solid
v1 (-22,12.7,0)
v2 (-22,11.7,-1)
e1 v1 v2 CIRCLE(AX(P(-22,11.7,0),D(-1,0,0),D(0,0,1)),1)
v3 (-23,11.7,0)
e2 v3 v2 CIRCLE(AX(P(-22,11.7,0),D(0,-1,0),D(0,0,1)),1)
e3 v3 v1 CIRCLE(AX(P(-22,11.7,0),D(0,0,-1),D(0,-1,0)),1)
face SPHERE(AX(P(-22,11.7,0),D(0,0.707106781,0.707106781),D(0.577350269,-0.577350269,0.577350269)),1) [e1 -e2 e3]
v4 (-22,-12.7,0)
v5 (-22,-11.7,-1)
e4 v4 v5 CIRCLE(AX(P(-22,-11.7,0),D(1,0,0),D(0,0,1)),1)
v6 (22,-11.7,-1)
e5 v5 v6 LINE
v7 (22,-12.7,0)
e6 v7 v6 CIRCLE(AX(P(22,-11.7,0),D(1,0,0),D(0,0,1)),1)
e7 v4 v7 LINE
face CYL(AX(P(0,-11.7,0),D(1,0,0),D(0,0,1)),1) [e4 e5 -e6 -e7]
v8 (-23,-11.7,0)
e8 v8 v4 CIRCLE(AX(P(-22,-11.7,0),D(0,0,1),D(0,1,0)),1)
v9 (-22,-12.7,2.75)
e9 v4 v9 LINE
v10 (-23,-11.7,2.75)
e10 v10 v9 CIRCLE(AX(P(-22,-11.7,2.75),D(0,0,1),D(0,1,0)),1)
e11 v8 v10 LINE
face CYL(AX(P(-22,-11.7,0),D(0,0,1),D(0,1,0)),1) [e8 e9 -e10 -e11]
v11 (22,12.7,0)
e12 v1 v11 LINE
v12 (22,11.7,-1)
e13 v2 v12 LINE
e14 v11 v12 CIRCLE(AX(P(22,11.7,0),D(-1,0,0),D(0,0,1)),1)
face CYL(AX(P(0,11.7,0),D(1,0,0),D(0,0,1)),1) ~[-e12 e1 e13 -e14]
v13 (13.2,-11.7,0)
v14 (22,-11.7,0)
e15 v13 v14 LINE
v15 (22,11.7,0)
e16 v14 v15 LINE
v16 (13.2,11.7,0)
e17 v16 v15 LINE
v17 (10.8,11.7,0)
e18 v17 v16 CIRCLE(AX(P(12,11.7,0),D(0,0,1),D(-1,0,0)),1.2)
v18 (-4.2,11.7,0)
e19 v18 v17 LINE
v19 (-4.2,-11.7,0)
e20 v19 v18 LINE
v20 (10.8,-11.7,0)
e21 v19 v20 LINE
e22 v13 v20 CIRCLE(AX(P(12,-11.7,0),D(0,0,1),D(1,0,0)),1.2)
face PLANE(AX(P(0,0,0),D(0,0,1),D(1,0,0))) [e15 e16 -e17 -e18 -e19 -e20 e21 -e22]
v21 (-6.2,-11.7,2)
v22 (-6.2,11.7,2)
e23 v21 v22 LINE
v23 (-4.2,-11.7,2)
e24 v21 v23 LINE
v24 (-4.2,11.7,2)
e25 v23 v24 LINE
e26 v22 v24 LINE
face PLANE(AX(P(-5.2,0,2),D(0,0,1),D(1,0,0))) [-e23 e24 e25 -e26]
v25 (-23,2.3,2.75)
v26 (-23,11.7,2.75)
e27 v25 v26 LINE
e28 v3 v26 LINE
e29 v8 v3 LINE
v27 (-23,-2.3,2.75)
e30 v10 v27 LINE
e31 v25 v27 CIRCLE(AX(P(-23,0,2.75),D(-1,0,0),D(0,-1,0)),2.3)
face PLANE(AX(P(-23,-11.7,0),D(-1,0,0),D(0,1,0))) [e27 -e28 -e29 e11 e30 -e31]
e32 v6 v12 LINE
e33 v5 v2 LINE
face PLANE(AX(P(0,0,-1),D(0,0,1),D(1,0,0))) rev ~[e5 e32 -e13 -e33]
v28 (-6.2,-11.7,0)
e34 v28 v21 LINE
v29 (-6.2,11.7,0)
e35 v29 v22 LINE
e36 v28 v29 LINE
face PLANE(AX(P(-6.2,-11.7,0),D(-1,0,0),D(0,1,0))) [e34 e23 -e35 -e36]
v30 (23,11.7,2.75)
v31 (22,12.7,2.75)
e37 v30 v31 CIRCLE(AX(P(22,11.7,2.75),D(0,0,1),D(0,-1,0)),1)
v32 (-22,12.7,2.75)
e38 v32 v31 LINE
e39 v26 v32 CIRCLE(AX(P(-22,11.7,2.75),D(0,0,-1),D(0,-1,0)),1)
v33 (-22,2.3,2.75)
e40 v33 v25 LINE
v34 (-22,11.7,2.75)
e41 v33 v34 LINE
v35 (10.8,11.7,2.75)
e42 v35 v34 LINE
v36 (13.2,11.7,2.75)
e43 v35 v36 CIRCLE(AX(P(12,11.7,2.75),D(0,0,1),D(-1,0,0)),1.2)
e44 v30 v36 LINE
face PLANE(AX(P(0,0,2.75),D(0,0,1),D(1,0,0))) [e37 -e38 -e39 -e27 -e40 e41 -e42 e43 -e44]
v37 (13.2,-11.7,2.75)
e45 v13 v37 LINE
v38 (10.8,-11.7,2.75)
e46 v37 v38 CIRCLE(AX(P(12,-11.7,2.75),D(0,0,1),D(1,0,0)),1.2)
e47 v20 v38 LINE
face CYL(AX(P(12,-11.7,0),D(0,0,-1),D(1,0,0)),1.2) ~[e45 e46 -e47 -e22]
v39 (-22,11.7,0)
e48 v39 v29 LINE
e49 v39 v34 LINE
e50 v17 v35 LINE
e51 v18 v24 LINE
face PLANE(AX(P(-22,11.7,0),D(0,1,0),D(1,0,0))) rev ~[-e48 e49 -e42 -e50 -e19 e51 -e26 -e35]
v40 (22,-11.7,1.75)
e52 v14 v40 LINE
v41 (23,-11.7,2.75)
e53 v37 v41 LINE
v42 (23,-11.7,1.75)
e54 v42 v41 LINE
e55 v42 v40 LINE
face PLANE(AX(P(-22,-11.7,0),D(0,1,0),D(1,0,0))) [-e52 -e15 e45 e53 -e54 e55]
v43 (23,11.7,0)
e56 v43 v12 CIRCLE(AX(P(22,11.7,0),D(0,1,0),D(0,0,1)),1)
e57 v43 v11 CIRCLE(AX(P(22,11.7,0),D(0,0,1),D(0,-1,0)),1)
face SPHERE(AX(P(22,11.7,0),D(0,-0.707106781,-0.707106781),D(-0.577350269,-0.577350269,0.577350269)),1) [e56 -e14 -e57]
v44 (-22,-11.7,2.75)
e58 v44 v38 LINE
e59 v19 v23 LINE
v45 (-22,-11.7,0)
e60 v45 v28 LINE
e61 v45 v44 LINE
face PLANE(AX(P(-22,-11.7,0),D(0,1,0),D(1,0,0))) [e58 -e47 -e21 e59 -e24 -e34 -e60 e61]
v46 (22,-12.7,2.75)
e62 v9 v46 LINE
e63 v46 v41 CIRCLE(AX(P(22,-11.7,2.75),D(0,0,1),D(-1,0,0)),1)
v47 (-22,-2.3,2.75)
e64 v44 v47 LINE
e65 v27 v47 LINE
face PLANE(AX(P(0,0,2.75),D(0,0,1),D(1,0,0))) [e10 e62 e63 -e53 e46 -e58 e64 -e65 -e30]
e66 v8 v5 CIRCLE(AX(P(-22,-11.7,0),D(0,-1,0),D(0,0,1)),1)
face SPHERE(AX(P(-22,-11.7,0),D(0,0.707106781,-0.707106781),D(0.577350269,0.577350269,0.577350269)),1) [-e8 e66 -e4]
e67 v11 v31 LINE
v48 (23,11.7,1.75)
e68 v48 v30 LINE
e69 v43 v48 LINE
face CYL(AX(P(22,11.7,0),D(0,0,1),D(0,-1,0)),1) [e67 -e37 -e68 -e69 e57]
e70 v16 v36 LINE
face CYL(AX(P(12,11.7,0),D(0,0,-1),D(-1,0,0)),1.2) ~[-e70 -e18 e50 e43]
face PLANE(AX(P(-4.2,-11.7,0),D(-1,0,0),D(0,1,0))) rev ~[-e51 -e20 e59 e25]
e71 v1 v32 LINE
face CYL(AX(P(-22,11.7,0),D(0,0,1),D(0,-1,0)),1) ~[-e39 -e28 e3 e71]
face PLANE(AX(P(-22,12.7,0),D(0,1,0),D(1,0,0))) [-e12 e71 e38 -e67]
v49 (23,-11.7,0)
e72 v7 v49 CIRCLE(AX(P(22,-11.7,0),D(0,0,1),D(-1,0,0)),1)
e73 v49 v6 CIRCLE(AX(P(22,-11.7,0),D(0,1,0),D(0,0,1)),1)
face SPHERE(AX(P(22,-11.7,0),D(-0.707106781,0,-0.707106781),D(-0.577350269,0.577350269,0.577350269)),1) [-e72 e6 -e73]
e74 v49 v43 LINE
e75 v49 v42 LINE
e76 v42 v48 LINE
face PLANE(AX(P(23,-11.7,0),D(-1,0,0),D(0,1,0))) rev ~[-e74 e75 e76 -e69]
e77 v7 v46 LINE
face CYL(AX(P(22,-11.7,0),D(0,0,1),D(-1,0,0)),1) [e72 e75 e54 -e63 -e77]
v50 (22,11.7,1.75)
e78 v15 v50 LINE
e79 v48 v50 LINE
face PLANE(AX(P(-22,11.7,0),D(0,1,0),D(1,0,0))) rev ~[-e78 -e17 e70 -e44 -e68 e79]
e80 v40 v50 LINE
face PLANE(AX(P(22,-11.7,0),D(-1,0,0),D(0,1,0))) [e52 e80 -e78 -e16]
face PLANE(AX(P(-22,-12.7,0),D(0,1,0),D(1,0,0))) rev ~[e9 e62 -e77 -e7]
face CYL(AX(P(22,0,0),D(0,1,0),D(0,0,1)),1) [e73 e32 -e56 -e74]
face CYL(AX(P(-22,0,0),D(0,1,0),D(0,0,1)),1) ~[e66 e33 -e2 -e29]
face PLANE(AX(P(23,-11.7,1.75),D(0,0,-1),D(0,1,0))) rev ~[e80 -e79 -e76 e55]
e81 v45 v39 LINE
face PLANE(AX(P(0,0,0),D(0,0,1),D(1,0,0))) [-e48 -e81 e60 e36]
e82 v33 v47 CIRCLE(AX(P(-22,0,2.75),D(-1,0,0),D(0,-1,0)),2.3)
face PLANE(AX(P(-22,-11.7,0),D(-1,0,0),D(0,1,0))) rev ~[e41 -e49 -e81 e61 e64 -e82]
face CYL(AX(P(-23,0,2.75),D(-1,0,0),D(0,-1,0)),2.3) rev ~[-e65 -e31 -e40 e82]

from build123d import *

# Parameters (mm, degrees)
SKETCH010_W     = 44
SKETCH010_H     = 23.4
PAD006_DEPTH    = 2.75
THICKNESS002_T  = 1
SKETCH011_W     = 23.4
SKETCH011_H     = 1
POCKET002_DEPTH = 1
SKETCH012_R     = 2.3
POCKET003_DEPTH = 1
PAD007_DEPTH    = 2.75
SKETCH014_W     = 2
SKETCH014_H     = 23.4
PAD008_DEPTH    = 2


with BuildPart() as part:
    # Sketch010 → Pad006 (new body)
    with BuildSketch(Plane.XY):
        Rectangle(SKETCH010_W, SKETCH010_H)
    extrude(amount=PAD006_DEPTH)

    # Thickness002
    thickness002_openings = [part.faces().sort_by_distance(p)[0] for p in [
        (0, 0, 2.75),
    ]]
    offset(amount=THICKNESS002_T, openings=thickness002_openings)

    # Sketch011 (on Face7 of Thickness002) → Pocket002 (cut)
    with BuildSketch(Plane.YZ.offset(23)):
        with Locations((0, 2.25)):
            Rectangle(SKETCH011_W, SKETCH011_H)
    extrude(amount=-POCKET002_DEPTH, mode=Mode.SUBTRACT)

    # Sketch012 (on Face15 of Pocket002) → Pocket003 (cut)
    with BuildSketch(Plane(origin=(-23, 0, 0), x_dir=(0, -1, 0), z_dir=(-1, 0, 0))):
        with Locations((0, 2.75)):
            Circle(SKETCH012_R)
    extrude(amount=-POCKET003_DEPTH, mode=Mode.SUBTRACT)

    # Sketch013 (on Face2 of Pocket003) → Pad007 (join)
    with BuildSketch(Plane.XY):
        with BuildLine():
            ThreePointArc((10.8, 11.7), (12, 10.5), (13.2, 11.7))
            Line((10.8, 11.7), (13.2, 11.7))
        make_face()
        with BuildLine():
            ThreePointArc((13.2, -11.7), (12, -10.5), (10.8, -11.7))
            Line((10.8, -11.7), (13.2, -11.7))
        make_face()
    extrude(amount=PAD007_DEPTH)

    # Sketch014 (on Face2 of Pad007) → Pad008 (join)
    with BuildSketch(Plane.XY):
        with Locations((-5.2, 0)):
            Rectangle(SKETCH014_W, SKETCH014_H)
    extrude(amount=PAD008_DEPTH)


solid = part.part
